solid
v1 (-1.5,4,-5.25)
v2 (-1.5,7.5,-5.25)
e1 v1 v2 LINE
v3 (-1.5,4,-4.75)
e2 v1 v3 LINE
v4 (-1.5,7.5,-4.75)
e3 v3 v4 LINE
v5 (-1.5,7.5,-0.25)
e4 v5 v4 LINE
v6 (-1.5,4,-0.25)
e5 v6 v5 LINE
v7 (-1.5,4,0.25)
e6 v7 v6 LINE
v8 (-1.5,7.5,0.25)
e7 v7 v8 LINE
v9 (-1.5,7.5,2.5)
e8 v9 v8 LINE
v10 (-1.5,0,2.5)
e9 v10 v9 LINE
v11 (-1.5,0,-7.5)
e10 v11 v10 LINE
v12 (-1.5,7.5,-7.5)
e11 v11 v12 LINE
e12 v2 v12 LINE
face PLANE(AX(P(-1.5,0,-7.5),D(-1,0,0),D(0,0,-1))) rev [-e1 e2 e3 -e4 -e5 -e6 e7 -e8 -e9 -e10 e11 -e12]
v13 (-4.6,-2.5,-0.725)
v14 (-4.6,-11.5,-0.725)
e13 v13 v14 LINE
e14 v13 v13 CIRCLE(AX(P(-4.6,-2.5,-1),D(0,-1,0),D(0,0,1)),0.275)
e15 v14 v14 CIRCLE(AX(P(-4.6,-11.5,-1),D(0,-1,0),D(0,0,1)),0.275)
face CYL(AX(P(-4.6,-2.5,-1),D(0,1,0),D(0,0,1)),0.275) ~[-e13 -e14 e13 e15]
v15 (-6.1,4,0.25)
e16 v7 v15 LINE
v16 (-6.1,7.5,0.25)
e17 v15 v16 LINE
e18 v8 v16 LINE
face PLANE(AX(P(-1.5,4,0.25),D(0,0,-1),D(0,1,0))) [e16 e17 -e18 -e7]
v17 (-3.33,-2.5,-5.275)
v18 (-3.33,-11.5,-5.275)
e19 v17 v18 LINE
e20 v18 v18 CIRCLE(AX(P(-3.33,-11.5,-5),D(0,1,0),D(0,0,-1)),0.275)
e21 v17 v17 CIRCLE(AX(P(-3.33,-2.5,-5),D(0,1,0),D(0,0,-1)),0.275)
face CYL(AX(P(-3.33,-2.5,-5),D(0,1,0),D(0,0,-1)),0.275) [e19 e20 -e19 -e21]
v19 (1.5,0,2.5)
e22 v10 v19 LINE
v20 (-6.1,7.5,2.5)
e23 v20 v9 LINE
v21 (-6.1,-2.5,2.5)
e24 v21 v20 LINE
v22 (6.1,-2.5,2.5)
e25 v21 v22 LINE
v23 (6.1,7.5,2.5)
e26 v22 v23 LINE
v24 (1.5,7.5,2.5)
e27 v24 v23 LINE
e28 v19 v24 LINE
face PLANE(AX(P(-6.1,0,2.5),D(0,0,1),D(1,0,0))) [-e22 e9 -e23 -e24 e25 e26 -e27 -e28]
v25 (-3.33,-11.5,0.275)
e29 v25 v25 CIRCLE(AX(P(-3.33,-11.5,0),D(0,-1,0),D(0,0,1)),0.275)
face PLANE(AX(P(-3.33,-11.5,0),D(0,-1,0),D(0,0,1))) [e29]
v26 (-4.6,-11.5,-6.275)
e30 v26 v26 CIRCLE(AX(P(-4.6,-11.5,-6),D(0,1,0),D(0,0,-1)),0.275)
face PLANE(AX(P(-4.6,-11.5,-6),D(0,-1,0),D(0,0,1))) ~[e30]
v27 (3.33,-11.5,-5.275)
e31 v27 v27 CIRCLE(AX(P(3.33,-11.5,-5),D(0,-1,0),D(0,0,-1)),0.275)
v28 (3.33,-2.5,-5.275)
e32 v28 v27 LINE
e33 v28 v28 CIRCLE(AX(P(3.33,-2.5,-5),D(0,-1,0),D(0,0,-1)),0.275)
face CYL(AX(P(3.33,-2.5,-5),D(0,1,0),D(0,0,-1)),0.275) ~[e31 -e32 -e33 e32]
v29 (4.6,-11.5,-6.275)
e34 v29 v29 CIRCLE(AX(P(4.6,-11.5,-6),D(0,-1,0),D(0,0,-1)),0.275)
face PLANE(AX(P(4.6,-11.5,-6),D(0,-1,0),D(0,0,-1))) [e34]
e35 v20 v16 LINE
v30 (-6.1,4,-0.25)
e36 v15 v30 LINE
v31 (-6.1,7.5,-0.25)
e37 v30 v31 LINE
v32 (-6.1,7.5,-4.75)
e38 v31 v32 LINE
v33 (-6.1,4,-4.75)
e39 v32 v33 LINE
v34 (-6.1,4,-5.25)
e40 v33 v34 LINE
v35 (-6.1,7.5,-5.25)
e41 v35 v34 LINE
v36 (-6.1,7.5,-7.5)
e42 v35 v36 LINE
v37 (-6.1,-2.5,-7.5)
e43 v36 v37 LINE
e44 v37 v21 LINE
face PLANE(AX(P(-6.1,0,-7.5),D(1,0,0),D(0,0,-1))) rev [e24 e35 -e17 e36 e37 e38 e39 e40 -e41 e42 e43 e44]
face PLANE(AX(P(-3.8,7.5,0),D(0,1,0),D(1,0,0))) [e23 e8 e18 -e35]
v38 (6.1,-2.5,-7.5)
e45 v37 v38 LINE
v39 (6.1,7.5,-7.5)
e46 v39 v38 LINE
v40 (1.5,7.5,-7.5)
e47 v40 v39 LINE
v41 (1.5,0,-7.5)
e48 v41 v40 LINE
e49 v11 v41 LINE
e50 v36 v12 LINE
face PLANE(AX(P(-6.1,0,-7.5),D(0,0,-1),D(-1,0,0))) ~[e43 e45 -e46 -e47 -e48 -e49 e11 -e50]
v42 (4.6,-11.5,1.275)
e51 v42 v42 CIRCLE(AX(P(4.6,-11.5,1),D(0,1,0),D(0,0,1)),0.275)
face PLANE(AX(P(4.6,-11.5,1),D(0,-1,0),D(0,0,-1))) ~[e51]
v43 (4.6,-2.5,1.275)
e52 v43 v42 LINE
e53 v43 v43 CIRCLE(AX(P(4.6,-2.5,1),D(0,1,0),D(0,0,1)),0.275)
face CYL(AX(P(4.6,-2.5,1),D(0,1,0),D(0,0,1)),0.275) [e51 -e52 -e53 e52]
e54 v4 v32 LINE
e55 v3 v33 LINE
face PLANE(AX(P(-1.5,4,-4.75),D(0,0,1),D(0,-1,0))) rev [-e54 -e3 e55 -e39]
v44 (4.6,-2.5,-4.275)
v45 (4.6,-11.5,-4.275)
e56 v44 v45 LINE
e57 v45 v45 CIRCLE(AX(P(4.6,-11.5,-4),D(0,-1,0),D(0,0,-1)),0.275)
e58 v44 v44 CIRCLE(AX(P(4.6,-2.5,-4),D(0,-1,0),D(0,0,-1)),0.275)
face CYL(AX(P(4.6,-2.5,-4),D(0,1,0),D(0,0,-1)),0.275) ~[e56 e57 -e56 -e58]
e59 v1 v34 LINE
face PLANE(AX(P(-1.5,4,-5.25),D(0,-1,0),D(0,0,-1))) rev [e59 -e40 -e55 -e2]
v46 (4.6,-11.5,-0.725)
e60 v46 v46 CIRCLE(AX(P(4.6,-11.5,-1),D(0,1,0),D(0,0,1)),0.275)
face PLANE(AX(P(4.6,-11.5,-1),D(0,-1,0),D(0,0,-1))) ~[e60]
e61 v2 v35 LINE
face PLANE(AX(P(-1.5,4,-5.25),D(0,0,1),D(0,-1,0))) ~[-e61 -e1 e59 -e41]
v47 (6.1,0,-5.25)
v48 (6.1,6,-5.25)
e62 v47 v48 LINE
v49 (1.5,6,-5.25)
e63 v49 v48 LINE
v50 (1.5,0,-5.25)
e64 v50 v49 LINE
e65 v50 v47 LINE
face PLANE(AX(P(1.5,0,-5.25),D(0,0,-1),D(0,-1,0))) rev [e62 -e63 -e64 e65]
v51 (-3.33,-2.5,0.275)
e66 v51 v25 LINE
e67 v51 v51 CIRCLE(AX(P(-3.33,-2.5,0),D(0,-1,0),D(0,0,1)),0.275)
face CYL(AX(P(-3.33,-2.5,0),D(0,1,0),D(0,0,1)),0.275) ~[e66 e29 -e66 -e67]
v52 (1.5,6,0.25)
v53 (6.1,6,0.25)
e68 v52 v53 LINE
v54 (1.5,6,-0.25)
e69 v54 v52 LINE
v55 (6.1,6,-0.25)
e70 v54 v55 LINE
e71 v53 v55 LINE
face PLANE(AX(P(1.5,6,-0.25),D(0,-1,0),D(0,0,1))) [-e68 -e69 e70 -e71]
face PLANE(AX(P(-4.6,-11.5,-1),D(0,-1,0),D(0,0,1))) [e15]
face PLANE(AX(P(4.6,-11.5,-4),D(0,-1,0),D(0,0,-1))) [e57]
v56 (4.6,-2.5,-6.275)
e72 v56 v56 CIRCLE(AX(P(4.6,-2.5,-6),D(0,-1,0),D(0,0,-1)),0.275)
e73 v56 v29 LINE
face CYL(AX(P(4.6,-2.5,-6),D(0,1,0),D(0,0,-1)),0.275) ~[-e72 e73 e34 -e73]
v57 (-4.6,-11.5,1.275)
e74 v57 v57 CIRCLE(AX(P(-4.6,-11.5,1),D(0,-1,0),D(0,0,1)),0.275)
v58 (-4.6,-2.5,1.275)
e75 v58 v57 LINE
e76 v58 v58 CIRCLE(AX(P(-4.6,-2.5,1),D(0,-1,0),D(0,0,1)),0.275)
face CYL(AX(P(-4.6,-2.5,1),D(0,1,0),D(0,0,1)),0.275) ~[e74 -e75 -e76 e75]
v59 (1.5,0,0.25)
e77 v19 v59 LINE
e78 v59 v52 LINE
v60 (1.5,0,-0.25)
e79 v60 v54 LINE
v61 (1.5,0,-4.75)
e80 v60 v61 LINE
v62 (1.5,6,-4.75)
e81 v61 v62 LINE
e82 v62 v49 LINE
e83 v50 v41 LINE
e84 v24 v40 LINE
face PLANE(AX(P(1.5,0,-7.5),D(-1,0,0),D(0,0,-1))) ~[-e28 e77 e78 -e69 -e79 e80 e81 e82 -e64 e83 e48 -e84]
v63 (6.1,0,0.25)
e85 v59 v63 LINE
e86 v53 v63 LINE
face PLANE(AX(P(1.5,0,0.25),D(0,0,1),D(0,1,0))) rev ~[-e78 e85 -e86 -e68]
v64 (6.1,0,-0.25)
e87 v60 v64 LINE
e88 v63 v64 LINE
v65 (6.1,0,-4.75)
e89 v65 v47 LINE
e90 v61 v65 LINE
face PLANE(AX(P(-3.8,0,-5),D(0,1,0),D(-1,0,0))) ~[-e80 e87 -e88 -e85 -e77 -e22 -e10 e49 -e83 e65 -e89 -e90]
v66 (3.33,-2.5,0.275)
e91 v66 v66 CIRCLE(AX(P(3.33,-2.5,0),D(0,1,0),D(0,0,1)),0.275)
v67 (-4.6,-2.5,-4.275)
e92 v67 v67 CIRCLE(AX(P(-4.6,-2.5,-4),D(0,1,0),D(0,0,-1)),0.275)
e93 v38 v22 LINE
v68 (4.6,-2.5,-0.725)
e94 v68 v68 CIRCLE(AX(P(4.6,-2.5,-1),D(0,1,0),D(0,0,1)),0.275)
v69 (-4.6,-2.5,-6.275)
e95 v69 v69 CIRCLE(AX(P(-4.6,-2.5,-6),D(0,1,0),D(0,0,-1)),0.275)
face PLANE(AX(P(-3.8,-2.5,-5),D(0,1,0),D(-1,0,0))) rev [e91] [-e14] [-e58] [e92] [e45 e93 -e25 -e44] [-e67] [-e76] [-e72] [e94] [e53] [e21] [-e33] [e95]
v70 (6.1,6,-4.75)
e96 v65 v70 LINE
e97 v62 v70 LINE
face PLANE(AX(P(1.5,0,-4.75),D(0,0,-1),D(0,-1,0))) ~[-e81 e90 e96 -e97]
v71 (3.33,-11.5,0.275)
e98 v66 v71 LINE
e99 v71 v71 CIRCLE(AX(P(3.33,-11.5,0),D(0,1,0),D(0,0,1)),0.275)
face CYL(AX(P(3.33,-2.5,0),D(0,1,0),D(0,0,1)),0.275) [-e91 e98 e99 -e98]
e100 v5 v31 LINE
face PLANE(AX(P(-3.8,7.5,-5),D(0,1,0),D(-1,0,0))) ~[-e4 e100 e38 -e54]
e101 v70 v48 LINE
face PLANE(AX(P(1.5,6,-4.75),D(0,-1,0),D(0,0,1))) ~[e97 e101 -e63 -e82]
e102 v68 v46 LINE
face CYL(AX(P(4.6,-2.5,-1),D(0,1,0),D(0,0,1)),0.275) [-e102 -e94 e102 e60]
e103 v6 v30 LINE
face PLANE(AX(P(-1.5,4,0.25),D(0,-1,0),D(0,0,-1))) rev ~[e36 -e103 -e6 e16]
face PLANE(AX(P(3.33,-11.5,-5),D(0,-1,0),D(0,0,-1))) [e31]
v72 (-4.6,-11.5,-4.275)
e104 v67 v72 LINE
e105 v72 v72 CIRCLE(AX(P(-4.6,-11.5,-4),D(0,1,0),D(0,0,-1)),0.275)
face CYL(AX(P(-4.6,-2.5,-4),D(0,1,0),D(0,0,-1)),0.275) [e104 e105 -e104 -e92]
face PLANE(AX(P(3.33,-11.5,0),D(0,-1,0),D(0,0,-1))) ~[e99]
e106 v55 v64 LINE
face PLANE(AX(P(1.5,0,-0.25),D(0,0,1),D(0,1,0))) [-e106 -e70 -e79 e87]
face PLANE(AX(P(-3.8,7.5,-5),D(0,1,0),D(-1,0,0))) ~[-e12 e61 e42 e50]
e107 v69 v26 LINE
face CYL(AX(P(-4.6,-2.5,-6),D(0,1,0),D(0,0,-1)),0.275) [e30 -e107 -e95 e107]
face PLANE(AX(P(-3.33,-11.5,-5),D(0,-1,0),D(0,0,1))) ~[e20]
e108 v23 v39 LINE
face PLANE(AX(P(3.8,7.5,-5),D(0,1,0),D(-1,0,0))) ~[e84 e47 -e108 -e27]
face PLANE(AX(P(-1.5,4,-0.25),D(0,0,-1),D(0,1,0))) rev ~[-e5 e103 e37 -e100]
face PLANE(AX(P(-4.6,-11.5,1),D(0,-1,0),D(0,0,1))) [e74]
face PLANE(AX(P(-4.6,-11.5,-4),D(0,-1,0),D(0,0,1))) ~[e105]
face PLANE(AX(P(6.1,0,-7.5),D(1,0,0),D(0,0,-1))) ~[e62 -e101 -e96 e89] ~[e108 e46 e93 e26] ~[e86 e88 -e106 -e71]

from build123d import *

# Parameters (mm, degrees)
SKETCH1_W               = 4.6
SKETCH1_H               = 5
BOSS_EXTRUDE1_DEPTH     = 7.5
BOSS_EXTRUDE1_2_DEPTH   = 7.5
SKETCH1_4_W             = 12.2
SKETCH1_4_H             = 5
BOSS_EXTRUDE2_DEPTH     = 2.5
SKETCH2_W               = 0.5
SKETCH2_H               = 3.5
CUT_EXTRUDE1_DEPTH      = 11.966312051
SKETCH3_W               = 0.5
SKETCH3_H               = 6
CUT_EXTRUDE2_DEPTH      = 11.966312051
SKETCH5_R               = 0.275
BOSS_EXTRUDE3_DEPTH     = 9
MIRROR1_COPY_1_SKETCH_R = 0.275
MIRROR1_COPY_1_DEPTH    = 9


with BuildPart() as part:
    # Sketch1 → Boss-Extrude1 (new body)
    with BuildSketch(Plane(origin=(0, 0, 0), x_dir=(1, 0, 0), z_dir=(0, 1, 0))):
        with Locations((-3.8, 0)):
            Rectangle(SKETCH1_W, SKETCH1_H)
    boss_extrude1 = extrude(amount=BOSS_EXTRUDE1_DEPTH)



with BuildPart() as body_2:
    # Sketch1 → Boss-Extrude1 2 (new body)
    with BuildSketch(Plane(origin=(0, 0, 0), x_dir=(1, 0, 0), z_dir=(0, 1, 0))):
        with Locations((3.8, 0)):
            Rectangle(SKETCH1_W, SKETCH1_H)
    boss_extrude1_2 = extrude(amount=BOSS_EXTRUDE1_2_DEPTH)


with BuildPart() as part_1:
    add(part.part)

    add(body_2.part)  # Boss-Extrude2 merges body 2
    # Sketch1<4> → Boss-Extrude2 (add)
    with BuildSketch(Plane(origin=(0, 0, 0), x_dir=(1, 0, 0), z_dir=(0, 1, 0))):
        Rectangle(SKETCH1_4_W, SKETCH1_4_H)
    boss_extrude2 = extrude(amount=-BOSS_EXTRUDE2_DEPTH)

    # Sketch2 → Cut-Extrude1 (cut, through all)
    with BuildSketch(Plane(origin=(-1.5, 0, 0), x_dir=(0, 0, -1), z_dir=(1, 0, 0))):
        with Locations((0, 5.75)):
            Rectangle(SKETCH2_W, SKETCH2_H)
    cut_extrude1 = extrude(amount=-CUT_EXTRUDE1_DEPTH, mode=Mode.SUBTRACT)

    # Sketch3 → Cut-Extrude2 (cut, through all)
    with BuildSketch(Plane.ZY.offset(-1.5)):
        with Locations((0, 3)):
            Rectangle(SKETCH3_W, SKETCH3_H)
    cut_extrude2 = extrude(amount=-CUT_EXTRUDE2_DEPTH, mode=Mode.SUBTRACT)

    # Sketch5 → Boss-Extrude3 (add)
    with BuildSketch(Plane(origin=(0, -2.5, 0), x_dir=(-1, 0, 0), z_dir=(0, -1, 0))):
        with Locations((4.6, -1)):
            Circle(SKETCH5_R)
        with Locations((4.6, 1)):
            Circle(SKETCH5_R)
        with Locations((3.33, 0)):
            Circle(SKETCH5_R)
    boss_extrude3 = extrude(amount=BOSS_EXTRUDE3_DEPTH)

    # Mirror2: Boss-Extrude3 across plane
    add(boss_extrude3.mirror(Plane(origin=(0, 0, 0), x_dir=(0, 0, 1), z_dir=(1, 0, 0))))

    # Mirror1: Boss-Extrude1, Boss-Extrude1 2, Boss-Extrude2, Cut-Extrude1, Cut-Extrude2, Boss-Extrude3 across plane
    add(boss_extrude1.mirror(Plane(origin=(0, 7.5, -2.5), x_dir=(1, 0, 0), z_dir=(0, 0, 1))))
    add(boss_extrude1_2.mirror(Plane(origin=(0, 7.5, -2.5), x_dir=(1, 0, 0), z_dir=(0, 0, 1))))
    add(boss_extrude2.mirror(Plane(origin=(0, 7.5, -2.5), x_dir=(1, 0, 0), z_dir=(0, 0, 1))))
    add(cut_extrude1.mirror(Plane(origin=(0, 7.5, -2.5), x_dir=(1, 0, 0), z_dir=(0, 0, 1))), mode=Mode.SUBTRACT)
    add(cut_extrude2.mirror(Plane(origin=(0, 7.5, -2.5), x_dir=(1, 0, 0), z_dir=(0, 0, 1))), mode=Mode.SUBTRACT)
    add(boss_extrude3.mirror(Plane(origin=(0, 7.5, -2.5), x_dir=(1, 0, 0), z_dir=(0, 0, 1))))

    # Mirror1 copy 1 sketch → Mirror1 copy 1 (add)
    with BuildSketch(Plane(origin=(0, -2.5, -5), x_dir=(1, 0, 0), z_dir=(0, -1, 0))):
        with Locations((4.6, -1)):
            Circle(MIRROR1_COPY_1_SKETCH_R)
        with Locations((4.6, 1)):
            Circle(MIRROR1_COPY_1_SKETCH_R)
        with Locations((3.33, 0)):
            Circle(MIRROR1_COPY_1_SKETCH_R)
    extrude(amount=MIRROR1_COPY_1_DEPTH)


solid = part_1.part
